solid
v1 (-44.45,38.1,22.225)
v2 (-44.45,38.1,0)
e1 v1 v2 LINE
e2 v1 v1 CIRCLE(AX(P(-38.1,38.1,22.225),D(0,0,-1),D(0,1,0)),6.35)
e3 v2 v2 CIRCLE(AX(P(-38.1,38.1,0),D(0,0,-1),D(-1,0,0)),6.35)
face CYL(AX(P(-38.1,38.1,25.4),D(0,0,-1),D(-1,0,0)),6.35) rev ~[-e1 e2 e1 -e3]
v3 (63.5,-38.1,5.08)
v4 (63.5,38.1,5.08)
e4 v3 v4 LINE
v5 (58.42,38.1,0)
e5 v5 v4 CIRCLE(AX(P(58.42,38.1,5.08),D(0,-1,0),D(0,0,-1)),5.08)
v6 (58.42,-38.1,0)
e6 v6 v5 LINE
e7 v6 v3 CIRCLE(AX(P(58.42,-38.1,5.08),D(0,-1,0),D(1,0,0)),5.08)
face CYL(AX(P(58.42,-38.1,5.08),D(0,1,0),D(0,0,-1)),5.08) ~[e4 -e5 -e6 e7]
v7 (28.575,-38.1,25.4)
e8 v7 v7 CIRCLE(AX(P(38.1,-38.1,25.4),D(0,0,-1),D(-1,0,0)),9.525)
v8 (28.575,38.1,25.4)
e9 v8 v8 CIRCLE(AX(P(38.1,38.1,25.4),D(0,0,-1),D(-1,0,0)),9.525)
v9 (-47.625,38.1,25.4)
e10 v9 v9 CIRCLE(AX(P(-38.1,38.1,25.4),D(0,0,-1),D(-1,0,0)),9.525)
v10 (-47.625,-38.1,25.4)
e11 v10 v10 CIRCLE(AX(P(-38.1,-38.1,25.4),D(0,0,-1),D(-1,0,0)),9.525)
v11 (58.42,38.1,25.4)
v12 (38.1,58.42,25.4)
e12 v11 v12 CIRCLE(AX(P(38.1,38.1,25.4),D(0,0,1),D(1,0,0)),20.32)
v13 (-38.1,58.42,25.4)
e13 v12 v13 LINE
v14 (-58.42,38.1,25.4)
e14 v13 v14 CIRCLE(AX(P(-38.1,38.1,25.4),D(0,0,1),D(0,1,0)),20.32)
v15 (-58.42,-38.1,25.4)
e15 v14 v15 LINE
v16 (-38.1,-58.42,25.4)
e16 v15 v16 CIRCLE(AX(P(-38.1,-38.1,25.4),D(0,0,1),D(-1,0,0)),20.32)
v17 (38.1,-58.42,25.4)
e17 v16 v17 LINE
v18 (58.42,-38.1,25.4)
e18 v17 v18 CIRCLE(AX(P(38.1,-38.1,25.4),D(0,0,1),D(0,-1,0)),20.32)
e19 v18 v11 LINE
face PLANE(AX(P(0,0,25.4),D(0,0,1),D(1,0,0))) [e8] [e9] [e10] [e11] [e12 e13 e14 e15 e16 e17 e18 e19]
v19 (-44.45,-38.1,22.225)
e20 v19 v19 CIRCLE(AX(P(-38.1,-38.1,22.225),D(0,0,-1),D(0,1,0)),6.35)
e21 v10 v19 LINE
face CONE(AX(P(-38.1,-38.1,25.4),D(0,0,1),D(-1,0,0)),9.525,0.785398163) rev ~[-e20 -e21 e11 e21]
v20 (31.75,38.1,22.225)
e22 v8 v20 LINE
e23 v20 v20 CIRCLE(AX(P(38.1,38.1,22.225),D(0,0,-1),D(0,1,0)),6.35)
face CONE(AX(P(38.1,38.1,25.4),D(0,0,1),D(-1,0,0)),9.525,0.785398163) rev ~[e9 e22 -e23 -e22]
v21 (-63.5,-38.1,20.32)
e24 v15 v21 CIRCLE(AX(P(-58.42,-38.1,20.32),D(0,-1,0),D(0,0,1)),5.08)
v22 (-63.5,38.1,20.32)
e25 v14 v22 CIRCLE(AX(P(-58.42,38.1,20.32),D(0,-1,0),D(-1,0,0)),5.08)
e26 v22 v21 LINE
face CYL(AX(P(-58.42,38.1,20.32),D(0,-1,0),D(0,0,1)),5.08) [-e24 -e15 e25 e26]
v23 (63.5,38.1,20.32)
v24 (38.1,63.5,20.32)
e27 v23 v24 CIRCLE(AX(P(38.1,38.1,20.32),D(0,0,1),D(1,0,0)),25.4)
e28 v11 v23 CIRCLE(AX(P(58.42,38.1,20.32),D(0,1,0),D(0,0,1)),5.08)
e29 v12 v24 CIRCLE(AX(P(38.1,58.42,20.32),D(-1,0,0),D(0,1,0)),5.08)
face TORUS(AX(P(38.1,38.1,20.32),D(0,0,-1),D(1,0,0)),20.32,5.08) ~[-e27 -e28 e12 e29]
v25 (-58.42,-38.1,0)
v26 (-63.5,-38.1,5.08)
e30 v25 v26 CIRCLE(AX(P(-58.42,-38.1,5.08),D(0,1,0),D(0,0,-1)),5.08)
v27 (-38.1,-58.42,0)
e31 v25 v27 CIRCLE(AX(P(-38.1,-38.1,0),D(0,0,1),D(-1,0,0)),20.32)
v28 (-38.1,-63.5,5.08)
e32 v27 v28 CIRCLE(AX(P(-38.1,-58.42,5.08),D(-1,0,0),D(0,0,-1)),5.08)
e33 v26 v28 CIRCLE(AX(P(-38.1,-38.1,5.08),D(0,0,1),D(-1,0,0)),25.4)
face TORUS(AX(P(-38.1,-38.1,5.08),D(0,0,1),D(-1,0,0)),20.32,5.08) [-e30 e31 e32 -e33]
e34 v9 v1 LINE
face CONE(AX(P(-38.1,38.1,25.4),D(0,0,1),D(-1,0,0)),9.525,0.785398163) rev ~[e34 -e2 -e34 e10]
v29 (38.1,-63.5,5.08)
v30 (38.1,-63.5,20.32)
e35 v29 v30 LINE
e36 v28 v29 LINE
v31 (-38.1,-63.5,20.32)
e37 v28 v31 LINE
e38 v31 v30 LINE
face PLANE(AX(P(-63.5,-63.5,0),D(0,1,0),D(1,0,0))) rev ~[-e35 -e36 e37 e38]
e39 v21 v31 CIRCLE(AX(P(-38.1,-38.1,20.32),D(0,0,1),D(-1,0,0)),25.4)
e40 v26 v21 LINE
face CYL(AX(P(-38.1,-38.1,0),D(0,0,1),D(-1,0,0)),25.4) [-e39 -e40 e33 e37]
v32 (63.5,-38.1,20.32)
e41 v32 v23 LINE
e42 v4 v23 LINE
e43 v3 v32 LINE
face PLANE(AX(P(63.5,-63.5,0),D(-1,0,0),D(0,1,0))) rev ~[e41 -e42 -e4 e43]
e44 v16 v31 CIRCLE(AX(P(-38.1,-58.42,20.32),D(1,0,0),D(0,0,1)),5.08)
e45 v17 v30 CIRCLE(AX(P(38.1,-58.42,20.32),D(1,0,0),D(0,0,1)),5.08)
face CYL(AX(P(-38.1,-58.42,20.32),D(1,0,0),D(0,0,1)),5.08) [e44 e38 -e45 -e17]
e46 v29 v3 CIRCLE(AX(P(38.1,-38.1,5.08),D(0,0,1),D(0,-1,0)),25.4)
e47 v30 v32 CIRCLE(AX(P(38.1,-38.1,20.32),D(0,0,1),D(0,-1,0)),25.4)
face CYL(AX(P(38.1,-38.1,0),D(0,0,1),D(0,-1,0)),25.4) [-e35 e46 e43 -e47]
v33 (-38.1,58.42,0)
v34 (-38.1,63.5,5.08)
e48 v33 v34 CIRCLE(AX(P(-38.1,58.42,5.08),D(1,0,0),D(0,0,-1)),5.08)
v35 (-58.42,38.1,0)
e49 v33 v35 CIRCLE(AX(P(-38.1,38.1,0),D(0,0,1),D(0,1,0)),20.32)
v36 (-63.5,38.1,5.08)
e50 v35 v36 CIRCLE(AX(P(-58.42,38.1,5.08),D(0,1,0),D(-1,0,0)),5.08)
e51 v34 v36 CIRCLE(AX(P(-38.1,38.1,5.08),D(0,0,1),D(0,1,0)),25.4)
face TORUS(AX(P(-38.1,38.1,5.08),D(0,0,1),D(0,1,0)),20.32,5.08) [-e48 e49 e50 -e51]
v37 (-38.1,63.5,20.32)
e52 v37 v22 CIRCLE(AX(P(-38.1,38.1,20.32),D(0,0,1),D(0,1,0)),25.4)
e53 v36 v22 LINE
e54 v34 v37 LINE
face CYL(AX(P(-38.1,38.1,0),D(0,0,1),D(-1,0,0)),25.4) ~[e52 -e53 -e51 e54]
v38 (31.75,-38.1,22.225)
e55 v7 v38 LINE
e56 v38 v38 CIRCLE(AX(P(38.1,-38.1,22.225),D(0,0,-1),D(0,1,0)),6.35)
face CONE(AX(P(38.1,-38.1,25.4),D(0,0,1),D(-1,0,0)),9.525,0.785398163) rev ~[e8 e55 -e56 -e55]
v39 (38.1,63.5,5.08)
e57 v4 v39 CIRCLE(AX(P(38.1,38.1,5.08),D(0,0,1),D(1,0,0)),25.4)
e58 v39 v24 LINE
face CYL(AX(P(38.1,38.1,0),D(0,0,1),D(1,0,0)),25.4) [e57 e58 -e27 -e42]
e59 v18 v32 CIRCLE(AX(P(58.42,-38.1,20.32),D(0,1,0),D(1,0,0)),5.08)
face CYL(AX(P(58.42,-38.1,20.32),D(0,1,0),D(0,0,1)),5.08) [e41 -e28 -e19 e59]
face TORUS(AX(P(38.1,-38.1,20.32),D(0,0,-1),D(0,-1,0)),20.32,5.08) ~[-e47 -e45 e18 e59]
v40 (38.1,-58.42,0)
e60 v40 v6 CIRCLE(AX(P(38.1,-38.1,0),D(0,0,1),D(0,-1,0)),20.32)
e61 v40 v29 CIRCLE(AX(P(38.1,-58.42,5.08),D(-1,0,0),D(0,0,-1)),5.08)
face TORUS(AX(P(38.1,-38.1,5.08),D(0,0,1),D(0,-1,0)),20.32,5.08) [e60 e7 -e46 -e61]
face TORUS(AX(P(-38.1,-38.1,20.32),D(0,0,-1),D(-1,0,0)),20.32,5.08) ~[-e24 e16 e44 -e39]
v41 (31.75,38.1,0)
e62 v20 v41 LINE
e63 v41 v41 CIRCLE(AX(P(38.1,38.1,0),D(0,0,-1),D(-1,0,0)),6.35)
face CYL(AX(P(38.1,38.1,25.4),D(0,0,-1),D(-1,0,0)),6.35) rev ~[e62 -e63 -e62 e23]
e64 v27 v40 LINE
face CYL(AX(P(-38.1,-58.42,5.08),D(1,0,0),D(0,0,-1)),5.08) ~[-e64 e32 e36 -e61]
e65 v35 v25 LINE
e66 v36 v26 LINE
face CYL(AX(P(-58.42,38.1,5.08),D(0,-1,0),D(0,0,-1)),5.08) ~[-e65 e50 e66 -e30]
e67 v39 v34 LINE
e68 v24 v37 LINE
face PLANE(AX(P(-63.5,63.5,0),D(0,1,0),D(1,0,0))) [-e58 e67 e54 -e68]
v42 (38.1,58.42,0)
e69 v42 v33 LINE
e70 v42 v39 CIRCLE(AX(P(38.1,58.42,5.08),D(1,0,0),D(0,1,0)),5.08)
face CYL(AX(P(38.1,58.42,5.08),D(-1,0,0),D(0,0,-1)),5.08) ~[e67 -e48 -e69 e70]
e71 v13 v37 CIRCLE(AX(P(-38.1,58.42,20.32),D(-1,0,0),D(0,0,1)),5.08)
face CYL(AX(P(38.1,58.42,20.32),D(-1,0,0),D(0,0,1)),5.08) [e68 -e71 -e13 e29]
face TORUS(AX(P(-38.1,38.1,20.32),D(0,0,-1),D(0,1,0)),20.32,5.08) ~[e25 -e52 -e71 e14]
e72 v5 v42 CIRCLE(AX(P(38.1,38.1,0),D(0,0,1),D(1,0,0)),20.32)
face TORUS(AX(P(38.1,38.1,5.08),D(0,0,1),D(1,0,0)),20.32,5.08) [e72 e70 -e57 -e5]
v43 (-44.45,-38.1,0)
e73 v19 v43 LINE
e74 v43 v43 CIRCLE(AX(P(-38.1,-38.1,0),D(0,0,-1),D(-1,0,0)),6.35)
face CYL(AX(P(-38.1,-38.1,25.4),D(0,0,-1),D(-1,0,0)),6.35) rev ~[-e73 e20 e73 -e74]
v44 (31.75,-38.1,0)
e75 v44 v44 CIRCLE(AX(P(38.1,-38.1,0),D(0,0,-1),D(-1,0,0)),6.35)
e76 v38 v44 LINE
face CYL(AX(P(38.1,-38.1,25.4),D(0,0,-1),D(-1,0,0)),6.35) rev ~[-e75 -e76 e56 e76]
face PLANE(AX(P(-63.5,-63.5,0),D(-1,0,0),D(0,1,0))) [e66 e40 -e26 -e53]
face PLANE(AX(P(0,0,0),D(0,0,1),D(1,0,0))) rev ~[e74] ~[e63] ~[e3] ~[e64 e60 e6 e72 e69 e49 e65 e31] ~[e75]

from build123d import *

# Parameters (mm, degrees)
F0_W           = 127
F0_H           = 127
F1_DEPTH       = 25.4
F2_R           = 25.4
F3_R           = 5.08
F5_D           = 12.7
F5_CSINK_D     = 19.05
F5_CSINK_ANGLE = 90


with BuildPart() as f1:
    # F0 (on Top) → F1 (new body)
    with BuildSketch(Plane.XY):
        Rectangle(F0_W, F0_H)
    extrude(amount=F1_DEPTH)

    # F2
    f2_edges = [f1.edges().sort_by_distance(p)[0] for p in [
        (63.5, -63.5, 12.7),
        (63.5, 63.5, 12.7),
        (-63.5, -63.5, 12.7),
        (-63.5, 63.5, 12.7),
    ]]
    fillet(f2_edges, radius=F2_R)

    # F3
    f3_edges = [f1.edges().sort_by_distance(p)[0] for p in [
        (0, -63.5, 25.4),
        (0, -63.5, 0),
    ]]
    fillet(f3_edges, radius=F3_R)

    # F5 (through all)
    with Locations(Plane.XY.offset(25.4)):
        with Locations((-38.1, -38.1), (-38.1, 38.1), (38.1, -38.1), (38.1, 38.1)):
            CounterSinkHole(F5_D / 2, F5_CSINK_D / 2, counter_sink_angle=F5_CSINK_ANGLE)


solid = f1.part
